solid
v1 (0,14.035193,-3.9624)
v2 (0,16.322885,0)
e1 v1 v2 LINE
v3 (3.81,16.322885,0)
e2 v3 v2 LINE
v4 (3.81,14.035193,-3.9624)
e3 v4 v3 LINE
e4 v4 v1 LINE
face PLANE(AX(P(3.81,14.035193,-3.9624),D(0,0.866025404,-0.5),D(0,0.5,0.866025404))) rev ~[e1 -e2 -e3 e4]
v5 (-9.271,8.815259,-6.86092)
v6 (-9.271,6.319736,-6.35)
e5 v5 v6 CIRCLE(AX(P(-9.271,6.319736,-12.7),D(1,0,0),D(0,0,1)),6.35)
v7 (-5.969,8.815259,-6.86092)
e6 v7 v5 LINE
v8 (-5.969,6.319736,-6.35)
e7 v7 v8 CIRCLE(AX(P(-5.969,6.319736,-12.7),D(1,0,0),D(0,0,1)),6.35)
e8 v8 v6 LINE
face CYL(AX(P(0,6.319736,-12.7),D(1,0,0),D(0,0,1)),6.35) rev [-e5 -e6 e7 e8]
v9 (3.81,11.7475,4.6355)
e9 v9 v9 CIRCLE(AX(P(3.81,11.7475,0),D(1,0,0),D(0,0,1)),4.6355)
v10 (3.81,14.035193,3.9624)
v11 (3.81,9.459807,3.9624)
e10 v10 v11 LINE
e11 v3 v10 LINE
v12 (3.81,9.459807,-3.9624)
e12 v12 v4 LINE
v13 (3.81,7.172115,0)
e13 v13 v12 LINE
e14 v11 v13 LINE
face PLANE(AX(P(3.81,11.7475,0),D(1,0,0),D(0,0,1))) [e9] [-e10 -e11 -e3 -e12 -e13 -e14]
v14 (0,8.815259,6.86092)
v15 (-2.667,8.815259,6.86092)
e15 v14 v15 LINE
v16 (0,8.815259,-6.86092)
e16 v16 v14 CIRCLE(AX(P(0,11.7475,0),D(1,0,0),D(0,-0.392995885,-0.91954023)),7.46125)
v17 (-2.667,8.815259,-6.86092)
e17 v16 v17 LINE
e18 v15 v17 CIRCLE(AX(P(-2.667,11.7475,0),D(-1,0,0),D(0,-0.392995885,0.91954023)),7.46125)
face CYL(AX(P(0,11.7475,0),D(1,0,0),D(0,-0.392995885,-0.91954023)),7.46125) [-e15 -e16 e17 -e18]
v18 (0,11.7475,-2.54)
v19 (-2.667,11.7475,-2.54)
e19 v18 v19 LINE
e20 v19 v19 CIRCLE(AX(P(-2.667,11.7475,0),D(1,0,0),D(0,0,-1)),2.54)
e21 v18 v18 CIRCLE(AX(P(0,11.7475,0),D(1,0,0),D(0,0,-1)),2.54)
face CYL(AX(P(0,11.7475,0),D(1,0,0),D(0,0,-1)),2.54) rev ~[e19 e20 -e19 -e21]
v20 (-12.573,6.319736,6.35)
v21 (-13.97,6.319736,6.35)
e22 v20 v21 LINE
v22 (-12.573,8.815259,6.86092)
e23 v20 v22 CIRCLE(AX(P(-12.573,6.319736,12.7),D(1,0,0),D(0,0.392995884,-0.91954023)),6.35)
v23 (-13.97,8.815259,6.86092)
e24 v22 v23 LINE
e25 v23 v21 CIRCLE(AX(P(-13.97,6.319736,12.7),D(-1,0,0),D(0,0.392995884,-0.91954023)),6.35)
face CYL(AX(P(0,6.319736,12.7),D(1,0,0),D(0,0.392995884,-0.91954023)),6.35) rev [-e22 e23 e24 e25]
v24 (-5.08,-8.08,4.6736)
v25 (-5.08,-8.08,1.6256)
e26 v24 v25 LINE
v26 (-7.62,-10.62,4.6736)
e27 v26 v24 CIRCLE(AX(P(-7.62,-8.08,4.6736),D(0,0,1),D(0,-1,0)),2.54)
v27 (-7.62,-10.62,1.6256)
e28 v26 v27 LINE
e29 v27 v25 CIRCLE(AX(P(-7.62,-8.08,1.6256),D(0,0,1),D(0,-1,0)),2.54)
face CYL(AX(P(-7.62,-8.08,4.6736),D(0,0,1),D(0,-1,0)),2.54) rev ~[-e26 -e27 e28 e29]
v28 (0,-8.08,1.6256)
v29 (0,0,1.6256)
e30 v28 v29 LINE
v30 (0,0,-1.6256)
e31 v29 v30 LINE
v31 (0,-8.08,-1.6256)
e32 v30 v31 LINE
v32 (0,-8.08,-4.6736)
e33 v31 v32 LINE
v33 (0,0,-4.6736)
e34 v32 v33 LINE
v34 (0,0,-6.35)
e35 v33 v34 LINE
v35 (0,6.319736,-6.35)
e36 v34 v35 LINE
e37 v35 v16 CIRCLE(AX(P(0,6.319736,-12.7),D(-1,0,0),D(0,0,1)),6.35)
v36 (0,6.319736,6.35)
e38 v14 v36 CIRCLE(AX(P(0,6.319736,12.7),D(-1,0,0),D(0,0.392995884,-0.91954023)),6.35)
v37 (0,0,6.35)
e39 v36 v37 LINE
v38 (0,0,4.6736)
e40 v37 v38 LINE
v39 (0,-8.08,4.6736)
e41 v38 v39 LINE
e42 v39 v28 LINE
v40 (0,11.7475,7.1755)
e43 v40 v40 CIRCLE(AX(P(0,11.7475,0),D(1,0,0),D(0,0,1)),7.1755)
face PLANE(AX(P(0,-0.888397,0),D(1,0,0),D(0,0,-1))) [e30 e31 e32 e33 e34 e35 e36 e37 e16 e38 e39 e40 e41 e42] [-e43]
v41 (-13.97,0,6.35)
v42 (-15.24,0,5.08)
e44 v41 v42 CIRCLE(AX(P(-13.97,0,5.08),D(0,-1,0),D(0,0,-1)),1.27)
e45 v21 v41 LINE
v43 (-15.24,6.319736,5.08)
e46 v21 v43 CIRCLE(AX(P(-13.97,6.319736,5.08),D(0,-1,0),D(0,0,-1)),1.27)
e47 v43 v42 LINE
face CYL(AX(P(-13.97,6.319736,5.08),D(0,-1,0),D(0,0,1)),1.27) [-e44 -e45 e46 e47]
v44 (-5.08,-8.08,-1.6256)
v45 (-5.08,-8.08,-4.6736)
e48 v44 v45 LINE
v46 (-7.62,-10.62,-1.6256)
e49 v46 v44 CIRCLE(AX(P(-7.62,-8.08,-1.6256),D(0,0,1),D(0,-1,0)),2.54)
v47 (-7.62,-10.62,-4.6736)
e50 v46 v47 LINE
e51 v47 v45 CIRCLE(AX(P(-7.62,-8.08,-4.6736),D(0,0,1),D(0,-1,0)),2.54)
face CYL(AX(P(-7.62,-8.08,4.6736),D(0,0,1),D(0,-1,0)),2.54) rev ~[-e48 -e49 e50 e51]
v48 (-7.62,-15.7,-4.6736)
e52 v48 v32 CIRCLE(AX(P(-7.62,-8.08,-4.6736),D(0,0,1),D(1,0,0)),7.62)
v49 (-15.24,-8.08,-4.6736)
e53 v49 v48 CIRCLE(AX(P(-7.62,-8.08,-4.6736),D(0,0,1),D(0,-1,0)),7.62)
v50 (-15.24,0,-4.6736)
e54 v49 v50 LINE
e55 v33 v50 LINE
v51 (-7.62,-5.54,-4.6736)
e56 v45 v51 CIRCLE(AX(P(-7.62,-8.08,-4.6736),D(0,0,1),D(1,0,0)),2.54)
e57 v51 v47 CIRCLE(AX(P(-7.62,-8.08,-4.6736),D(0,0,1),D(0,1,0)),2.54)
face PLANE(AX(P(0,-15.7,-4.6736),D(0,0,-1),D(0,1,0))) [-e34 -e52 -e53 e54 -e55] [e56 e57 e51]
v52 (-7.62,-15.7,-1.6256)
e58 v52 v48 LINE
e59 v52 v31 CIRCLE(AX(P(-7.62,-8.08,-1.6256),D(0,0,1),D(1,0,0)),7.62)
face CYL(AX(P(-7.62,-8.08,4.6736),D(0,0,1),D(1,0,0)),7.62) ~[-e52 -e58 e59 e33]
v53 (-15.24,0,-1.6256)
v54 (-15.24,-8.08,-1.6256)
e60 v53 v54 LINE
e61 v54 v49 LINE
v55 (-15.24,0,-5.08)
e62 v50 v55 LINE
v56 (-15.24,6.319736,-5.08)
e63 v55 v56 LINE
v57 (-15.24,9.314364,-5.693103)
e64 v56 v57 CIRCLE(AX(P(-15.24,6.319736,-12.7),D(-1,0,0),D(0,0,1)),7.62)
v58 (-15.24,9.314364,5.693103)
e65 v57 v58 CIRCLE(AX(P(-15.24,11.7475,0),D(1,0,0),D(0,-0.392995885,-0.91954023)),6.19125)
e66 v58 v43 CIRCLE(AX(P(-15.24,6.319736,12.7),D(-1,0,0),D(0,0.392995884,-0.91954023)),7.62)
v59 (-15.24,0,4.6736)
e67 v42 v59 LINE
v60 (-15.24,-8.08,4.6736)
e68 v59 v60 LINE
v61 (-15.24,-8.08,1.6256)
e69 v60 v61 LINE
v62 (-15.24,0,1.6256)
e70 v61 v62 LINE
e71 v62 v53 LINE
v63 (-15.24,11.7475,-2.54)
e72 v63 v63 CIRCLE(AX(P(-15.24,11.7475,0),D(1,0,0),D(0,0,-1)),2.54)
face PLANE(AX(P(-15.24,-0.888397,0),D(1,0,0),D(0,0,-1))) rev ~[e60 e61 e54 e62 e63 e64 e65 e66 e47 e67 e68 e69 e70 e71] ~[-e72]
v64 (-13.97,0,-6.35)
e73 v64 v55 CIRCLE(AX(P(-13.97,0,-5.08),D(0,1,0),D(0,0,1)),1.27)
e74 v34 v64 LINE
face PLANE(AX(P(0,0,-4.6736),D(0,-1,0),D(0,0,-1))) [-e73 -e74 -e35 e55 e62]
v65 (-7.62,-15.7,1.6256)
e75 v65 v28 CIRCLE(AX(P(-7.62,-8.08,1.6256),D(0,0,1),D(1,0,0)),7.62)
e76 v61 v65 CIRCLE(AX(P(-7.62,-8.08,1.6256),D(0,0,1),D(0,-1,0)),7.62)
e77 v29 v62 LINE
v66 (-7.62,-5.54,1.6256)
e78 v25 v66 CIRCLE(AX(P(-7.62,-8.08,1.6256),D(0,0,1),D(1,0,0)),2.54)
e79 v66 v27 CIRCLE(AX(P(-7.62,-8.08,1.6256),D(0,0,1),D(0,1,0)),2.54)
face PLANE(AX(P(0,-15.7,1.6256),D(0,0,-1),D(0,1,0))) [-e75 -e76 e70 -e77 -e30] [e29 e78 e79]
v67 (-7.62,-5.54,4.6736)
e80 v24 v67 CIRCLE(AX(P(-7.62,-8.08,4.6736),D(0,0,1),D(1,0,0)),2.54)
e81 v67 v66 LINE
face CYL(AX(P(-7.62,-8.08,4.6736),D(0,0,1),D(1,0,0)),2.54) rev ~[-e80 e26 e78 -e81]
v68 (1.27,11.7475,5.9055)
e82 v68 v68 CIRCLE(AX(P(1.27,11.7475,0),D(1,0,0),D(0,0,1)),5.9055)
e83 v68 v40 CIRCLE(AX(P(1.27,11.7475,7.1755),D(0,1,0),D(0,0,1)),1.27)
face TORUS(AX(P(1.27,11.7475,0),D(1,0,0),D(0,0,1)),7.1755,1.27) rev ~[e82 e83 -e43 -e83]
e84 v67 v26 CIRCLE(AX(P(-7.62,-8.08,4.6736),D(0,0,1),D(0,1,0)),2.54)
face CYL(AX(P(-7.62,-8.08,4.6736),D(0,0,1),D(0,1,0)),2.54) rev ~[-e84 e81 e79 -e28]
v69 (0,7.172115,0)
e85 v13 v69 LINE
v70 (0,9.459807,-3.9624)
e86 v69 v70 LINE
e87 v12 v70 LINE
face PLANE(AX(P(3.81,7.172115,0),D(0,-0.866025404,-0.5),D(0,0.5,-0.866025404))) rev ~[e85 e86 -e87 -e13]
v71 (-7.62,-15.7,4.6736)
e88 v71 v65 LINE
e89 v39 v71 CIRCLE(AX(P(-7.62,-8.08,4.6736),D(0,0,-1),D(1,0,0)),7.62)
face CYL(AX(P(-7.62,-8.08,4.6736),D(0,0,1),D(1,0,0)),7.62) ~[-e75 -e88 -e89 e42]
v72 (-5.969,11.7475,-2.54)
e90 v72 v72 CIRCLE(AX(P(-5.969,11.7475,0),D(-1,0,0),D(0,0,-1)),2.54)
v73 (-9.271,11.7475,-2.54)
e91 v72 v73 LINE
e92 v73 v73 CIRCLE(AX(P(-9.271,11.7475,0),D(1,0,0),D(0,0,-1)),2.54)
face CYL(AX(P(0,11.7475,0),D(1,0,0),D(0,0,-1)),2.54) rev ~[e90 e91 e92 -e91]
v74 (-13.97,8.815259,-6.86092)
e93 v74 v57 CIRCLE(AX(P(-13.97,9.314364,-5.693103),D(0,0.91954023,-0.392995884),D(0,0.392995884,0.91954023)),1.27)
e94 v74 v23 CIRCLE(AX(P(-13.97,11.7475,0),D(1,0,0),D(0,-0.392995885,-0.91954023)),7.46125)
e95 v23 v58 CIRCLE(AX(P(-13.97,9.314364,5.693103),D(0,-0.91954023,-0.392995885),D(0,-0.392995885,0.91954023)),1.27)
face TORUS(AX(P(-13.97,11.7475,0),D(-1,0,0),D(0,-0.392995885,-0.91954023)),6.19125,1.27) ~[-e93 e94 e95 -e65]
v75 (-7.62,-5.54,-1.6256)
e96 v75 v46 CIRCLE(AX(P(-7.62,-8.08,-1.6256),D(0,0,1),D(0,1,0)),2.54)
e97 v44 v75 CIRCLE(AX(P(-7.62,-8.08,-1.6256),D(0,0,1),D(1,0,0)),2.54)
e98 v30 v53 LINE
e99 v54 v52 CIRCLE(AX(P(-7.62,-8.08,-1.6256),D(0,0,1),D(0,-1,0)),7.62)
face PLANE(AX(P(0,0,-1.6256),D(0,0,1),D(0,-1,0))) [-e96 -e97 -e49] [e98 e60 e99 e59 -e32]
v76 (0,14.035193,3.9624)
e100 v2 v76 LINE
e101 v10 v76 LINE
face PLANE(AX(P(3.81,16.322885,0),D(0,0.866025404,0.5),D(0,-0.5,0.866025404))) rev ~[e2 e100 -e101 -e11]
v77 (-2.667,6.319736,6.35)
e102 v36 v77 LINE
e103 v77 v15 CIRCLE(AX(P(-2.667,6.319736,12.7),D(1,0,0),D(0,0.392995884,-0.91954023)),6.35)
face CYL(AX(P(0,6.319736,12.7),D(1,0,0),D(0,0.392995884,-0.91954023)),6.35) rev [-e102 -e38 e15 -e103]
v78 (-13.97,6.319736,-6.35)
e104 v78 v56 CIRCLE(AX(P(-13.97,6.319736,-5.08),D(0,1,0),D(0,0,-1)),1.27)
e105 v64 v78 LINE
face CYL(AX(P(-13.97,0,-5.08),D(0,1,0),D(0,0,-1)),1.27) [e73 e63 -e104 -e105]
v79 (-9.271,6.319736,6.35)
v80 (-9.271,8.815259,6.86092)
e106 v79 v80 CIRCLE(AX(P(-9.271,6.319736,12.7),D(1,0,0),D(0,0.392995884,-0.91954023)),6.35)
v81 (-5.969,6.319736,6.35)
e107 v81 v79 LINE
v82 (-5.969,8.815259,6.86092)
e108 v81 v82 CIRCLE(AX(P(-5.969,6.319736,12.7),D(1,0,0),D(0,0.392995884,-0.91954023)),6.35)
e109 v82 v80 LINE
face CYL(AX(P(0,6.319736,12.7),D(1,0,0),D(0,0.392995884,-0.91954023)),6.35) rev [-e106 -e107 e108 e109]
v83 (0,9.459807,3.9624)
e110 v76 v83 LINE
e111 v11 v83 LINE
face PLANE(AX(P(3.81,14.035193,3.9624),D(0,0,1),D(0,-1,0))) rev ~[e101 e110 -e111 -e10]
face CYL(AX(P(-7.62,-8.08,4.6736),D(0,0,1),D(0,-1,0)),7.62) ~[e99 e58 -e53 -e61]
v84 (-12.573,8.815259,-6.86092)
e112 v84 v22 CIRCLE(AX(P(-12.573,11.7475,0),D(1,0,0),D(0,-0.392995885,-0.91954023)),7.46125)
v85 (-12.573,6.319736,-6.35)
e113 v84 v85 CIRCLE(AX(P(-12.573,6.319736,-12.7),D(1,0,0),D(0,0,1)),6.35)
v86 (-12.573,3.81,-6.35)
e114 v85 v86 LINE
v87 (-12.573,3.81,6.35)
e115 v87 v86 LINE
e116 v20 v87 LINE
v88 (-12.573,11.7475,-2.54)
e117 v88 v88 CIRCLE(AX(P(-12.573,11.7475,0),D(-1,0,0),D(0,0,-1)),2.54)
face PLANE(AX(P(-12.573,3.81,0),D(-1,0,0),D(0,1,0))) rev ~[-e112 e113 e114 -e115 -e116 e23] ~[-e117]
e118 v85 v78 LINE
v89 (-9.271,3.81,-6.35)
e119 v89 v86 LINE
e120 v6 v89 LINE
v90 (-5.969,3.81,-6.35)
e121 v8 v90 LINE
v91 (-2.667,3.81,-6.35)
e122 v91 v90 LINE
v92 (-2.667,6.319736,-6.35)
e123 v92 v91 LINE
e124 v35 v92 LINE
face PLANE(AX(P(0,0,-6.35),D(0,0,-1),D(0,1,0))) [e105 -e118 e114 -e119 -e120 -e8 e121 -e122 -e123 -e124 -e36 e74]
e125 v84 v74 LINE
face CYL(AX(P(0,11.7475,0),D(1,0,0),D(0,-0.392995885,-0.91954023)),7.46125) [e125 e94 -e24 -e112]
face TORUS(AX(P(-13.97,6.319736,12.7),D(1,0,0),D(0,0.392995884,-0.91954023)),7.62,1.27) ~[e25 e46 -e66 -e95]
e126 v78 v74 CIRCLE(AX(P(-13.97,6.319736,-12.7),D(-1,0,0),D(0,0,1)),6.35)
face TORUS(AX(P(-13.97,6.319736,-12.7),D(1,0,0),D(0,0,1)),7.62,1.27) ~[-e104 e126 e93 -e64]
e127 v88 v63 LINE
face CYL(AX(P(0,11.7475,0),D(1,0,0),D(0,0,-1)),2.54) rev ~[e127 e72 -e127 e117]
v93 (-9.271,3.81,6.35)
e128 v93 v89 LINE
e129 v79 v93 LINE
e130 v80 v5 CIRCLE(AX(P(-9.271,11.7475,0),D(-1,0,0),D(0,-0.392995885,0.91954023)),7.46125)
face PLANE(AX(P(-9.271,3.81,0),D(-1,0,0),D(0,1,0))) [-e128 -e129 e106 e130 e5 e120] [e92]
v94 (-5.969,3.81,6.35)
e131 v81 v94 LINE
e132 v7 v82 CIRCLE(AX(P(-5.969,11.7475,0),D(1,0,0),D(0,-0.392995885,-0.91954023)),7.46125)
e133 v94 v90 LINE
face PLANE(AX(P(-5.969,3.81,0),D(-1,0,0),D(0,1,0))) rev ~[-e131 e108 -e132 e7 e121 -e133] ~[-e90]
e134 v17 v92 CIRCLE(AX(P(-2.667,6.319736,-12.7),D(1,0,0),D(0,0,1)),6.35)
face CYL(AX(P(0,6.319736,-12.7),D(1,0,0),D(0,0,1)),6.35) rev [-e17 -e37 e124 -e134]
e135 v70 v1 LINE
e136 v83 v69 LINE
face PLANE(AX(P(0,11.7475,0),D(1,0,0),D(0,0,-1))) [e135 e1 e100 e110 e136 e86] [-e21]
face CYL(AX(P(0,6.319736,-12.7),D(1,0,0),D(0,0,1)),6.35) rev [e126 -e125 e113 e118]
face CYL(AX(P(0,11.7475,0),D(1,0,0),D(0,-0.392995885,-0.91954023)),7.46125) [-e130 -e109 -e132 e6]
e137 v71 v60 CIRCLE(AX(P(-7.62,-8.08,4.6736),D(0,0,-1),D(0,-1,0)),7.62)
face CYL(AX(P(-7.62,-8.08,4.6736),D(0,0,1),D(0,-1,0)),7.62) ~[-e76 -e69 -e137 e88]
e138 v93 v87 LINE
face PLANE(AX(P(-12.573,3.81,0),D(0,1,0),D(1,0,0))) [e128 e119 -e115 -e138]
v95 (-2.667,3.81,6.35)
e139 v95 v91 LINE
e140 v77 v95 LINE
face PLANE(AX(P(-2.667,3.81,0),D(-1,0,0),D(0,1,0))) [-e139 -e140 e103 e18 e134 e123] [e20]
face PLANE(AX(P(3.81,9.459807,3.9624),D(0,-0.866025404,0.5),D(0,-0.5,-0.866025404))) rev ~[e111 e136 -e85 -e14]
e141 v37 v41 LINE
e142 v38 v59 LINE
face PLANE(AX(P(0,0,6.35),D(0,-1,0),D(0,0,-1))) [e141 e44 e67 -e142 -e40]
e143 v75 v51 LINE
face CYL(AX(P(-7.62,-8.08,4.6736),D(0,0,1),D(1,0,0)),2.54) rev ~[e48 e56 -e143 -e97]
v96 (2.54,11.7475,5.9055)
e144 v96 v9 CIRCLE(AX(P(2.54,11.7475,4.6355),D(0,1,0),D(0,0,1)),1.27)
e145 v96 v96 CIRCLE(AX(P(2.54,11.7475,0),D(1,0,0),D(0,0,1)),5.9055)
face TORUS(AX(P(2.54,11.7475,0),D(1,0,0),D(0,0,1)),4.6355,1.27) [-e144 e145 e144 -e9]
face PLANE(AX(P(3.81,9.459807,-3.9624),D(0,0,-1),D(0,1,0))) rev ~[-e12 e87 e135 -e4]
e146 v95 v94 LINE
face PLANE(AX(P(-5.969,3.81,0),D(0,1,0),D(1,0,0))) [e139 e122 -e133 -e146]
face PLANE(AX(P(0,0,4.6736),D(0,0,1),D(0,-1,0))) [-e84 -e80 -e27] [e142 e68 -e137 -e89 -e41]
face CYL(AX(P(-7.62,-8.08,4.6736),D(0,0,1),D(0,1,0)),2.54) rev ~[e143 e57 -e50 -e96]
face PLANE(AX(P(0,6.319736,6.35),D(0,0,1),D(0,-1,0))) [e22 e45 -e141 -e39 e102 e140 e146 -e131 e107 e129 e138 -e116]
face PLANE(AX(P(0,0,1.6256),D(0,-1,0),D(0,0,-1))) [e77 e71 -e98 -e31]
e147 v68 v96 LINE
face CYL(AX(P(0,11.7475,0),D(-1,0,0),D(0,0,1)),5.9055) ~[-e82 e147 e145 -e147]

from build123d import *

# Parameters (mm, degrees)
SKETCH1_R               = 2.54
BOSS_EXTRUDE1_DEPTH     = 15.24
CUT_EXTRUDE1_DEPTH      = 28.358513503
SKETCH3_W               = 3.302
SKETCH3_H               = 15.39875
CUT_EXTRUDE2_DEPTH      = 26.630137107
CUT_EXTRUDE2_DEPTH_BACK = 26.630137107
SKETCH5_R               = 5.9055
SKETCH5_R_2             = 2.54
BOSS_EXTRUDE2_DEPTH     = 3.81
CUT_EXTRUDE3_DEPTH      = 3.81
FILLET1_R               = 1.27


with BuildPart() as part:
    # Sketch1 → Boss-Extrude1 (new body)
    with BuildSketch(Plane(origin=(0, 0, 0), x_dir=(0, 0, -1), z_dir=(1, 0, 0))):
        with BuildLine():
            Line((-6.35, 0), (-4.6736, 0))
            Line((-4.6736, 0), (-4.6736, -15.7))
            Line((-4.6736, -15.7), (-1.6256, -15.7))
            Line((-1.6256, -15.7), (-1.6256, 0))
            Line((-1.6256, 0), (1.6256, 0))
            Line((1.6256, 0), (1.6256, -15.7))
            Line((1.6256, -15.7), (4.6736, -15.7))
            Line((4.6736, -15.7), (4.6736, 0))
            Line((4.6736, 0), (6.35, 0))
            Line((6.35, 0), (6.35, 6.319735583))
            ThreePointArc((6.35, 6.319735583), (6.479041034, 7.59337978), (6.86091954, 8.815259453))
            ThreePointArc((6.86091954, 8.815259453), (0, 19.20875), (-6.86091954, 8.815259453))
            ThreePointArc((-6.86091954, 8.815259453), (-6.479041034, 7.59337978), (-6.35, 6.319735583))
            Line((-6.35, 6.319735583), (-6.35, 0))
        make_face()
        with Locations((0, 11.7475)):
            Circle(SKETCH1_R, mode=Mode.SUBTRACT)
    extrude(amount=-BOSS_EXTRUDE1_DEPTH)

    # Sketch2 → Cut-Extrude1 (cut, through all)
    with BuildSketch(Plane.XY.offset(4.6736)):
        with BuildLine():
            ThreePointArc((-5.08, -8.08), (-5.823948776, -6.283948776), (-7.62, -5.54))
            Line((-7.62, -5.54), (-7.62, -10.62))
            ThreePointArc((-7.62, -10.62), (-5.823948776, -9.876051224), (-5.08, -8.08))
        make_face()
        with BuildLine():
            Line((-7.62, -10.62), (-7.62, -5.54))
            ThreePointArc((-7.62, -5.54), (-10.16, -8.08), (-7.62, -10.62))
        make_face()
        with BuildLine():
            ThreePointArc((-7.62, -15.7), (-13.008153673, -13.468153673), (-15.24, -8.08))
            Line((-15.24, -8.08), (-15.24, -15.7))
            Line((-15.24, -15.7), (-7.62, -15.7))
        make_face()
        with BuildLine():
            Line((0, -15.7), (0, -8.08))
            ThreePointArc((0, -8.08), (-2.231846327, -13.468153673), (-7.62, -15.7))
            Line((-7.62, -15.7), (0, -15.7))
        make_face()
    extrude(amount=-CUT_EXTRUDE1_DEPTH, mode=Mode.SUBTRACT)

    # Sketch3 → Cut-Extrude2 (cut, two sides)
    with BuildSketch(Plane.XY) as cut_extrude2_sk:
        with Locations((-4.318, 11.509375)):
            Rectangle(SKETCH3_W, SKETCH3_H)
        with Locations((-10.922, 11.509375)):
            Rectangle(SKETCH3_W, SKETCH3_H)
    extrude(amount=CUT_EXTRUDE2_DEPTH, mode=Mode.SUBTRACT)
    extrude(cut_extrude2_sk.sketch, amount=-CUT_EXTRUDE2_DEPTH_BACK, mode=Mode.SUBTRACT)

    # Sketch5 → Boss-Extrude2 (add)
    with BuildSketch(Plane(origin=(0, 0, 0), x_dir=(0, 0, -1), z_dir=(1, 0, 0))):
        with Locations(Location((0, 11.7475, 0), (0, 0, 180))):
            Circle(SKETCH5_R)
        with Locations((0, 11.7475)):
            Circle(SKETCH5_R_2, mode=Mode.SUBTRACT)
    extrude(amount=BOSS_EXTRUDE2_DEPTH)

    # Sketch6 → Cut-Extrude3 (cut)
    with BuildSketch(Plane(origin=(3.81, 0, 0), x_dir=(0, 0, -1), z_dir=(1, 0, 0))):
        Polygon((0, 16.322885413), (-3.9624, 14.035192707), (-3.9624, 9.459807293), (0, 7.172114587), (3.9624, 9.459807293), (3.9624, 14.035192707), align=None)
    extrude(amount=-CUT_EXTRUDE3_DEPTH, mode=Mode.SUBTRACT)

    # Fillet1
    fillet1_edges = [part.edges().sort_by_distance(p)[0] for p in [
        (0, 11.7475, -5.9055),
        (3.81, 11.7475, -5.9055),
        (-15.24, 3.159867792, -6.35),
        (-15.24, 7.59337978, -6.479041034),
        (-15.24, 3.159867792, 6.35),
        (-15.24, 19.20875, 0),
        (-15.24, 7.59337978, 6.479041034),
    ]]
    fillet(fillet1_edges, radius=FILLET1_R)


solid = part.part
